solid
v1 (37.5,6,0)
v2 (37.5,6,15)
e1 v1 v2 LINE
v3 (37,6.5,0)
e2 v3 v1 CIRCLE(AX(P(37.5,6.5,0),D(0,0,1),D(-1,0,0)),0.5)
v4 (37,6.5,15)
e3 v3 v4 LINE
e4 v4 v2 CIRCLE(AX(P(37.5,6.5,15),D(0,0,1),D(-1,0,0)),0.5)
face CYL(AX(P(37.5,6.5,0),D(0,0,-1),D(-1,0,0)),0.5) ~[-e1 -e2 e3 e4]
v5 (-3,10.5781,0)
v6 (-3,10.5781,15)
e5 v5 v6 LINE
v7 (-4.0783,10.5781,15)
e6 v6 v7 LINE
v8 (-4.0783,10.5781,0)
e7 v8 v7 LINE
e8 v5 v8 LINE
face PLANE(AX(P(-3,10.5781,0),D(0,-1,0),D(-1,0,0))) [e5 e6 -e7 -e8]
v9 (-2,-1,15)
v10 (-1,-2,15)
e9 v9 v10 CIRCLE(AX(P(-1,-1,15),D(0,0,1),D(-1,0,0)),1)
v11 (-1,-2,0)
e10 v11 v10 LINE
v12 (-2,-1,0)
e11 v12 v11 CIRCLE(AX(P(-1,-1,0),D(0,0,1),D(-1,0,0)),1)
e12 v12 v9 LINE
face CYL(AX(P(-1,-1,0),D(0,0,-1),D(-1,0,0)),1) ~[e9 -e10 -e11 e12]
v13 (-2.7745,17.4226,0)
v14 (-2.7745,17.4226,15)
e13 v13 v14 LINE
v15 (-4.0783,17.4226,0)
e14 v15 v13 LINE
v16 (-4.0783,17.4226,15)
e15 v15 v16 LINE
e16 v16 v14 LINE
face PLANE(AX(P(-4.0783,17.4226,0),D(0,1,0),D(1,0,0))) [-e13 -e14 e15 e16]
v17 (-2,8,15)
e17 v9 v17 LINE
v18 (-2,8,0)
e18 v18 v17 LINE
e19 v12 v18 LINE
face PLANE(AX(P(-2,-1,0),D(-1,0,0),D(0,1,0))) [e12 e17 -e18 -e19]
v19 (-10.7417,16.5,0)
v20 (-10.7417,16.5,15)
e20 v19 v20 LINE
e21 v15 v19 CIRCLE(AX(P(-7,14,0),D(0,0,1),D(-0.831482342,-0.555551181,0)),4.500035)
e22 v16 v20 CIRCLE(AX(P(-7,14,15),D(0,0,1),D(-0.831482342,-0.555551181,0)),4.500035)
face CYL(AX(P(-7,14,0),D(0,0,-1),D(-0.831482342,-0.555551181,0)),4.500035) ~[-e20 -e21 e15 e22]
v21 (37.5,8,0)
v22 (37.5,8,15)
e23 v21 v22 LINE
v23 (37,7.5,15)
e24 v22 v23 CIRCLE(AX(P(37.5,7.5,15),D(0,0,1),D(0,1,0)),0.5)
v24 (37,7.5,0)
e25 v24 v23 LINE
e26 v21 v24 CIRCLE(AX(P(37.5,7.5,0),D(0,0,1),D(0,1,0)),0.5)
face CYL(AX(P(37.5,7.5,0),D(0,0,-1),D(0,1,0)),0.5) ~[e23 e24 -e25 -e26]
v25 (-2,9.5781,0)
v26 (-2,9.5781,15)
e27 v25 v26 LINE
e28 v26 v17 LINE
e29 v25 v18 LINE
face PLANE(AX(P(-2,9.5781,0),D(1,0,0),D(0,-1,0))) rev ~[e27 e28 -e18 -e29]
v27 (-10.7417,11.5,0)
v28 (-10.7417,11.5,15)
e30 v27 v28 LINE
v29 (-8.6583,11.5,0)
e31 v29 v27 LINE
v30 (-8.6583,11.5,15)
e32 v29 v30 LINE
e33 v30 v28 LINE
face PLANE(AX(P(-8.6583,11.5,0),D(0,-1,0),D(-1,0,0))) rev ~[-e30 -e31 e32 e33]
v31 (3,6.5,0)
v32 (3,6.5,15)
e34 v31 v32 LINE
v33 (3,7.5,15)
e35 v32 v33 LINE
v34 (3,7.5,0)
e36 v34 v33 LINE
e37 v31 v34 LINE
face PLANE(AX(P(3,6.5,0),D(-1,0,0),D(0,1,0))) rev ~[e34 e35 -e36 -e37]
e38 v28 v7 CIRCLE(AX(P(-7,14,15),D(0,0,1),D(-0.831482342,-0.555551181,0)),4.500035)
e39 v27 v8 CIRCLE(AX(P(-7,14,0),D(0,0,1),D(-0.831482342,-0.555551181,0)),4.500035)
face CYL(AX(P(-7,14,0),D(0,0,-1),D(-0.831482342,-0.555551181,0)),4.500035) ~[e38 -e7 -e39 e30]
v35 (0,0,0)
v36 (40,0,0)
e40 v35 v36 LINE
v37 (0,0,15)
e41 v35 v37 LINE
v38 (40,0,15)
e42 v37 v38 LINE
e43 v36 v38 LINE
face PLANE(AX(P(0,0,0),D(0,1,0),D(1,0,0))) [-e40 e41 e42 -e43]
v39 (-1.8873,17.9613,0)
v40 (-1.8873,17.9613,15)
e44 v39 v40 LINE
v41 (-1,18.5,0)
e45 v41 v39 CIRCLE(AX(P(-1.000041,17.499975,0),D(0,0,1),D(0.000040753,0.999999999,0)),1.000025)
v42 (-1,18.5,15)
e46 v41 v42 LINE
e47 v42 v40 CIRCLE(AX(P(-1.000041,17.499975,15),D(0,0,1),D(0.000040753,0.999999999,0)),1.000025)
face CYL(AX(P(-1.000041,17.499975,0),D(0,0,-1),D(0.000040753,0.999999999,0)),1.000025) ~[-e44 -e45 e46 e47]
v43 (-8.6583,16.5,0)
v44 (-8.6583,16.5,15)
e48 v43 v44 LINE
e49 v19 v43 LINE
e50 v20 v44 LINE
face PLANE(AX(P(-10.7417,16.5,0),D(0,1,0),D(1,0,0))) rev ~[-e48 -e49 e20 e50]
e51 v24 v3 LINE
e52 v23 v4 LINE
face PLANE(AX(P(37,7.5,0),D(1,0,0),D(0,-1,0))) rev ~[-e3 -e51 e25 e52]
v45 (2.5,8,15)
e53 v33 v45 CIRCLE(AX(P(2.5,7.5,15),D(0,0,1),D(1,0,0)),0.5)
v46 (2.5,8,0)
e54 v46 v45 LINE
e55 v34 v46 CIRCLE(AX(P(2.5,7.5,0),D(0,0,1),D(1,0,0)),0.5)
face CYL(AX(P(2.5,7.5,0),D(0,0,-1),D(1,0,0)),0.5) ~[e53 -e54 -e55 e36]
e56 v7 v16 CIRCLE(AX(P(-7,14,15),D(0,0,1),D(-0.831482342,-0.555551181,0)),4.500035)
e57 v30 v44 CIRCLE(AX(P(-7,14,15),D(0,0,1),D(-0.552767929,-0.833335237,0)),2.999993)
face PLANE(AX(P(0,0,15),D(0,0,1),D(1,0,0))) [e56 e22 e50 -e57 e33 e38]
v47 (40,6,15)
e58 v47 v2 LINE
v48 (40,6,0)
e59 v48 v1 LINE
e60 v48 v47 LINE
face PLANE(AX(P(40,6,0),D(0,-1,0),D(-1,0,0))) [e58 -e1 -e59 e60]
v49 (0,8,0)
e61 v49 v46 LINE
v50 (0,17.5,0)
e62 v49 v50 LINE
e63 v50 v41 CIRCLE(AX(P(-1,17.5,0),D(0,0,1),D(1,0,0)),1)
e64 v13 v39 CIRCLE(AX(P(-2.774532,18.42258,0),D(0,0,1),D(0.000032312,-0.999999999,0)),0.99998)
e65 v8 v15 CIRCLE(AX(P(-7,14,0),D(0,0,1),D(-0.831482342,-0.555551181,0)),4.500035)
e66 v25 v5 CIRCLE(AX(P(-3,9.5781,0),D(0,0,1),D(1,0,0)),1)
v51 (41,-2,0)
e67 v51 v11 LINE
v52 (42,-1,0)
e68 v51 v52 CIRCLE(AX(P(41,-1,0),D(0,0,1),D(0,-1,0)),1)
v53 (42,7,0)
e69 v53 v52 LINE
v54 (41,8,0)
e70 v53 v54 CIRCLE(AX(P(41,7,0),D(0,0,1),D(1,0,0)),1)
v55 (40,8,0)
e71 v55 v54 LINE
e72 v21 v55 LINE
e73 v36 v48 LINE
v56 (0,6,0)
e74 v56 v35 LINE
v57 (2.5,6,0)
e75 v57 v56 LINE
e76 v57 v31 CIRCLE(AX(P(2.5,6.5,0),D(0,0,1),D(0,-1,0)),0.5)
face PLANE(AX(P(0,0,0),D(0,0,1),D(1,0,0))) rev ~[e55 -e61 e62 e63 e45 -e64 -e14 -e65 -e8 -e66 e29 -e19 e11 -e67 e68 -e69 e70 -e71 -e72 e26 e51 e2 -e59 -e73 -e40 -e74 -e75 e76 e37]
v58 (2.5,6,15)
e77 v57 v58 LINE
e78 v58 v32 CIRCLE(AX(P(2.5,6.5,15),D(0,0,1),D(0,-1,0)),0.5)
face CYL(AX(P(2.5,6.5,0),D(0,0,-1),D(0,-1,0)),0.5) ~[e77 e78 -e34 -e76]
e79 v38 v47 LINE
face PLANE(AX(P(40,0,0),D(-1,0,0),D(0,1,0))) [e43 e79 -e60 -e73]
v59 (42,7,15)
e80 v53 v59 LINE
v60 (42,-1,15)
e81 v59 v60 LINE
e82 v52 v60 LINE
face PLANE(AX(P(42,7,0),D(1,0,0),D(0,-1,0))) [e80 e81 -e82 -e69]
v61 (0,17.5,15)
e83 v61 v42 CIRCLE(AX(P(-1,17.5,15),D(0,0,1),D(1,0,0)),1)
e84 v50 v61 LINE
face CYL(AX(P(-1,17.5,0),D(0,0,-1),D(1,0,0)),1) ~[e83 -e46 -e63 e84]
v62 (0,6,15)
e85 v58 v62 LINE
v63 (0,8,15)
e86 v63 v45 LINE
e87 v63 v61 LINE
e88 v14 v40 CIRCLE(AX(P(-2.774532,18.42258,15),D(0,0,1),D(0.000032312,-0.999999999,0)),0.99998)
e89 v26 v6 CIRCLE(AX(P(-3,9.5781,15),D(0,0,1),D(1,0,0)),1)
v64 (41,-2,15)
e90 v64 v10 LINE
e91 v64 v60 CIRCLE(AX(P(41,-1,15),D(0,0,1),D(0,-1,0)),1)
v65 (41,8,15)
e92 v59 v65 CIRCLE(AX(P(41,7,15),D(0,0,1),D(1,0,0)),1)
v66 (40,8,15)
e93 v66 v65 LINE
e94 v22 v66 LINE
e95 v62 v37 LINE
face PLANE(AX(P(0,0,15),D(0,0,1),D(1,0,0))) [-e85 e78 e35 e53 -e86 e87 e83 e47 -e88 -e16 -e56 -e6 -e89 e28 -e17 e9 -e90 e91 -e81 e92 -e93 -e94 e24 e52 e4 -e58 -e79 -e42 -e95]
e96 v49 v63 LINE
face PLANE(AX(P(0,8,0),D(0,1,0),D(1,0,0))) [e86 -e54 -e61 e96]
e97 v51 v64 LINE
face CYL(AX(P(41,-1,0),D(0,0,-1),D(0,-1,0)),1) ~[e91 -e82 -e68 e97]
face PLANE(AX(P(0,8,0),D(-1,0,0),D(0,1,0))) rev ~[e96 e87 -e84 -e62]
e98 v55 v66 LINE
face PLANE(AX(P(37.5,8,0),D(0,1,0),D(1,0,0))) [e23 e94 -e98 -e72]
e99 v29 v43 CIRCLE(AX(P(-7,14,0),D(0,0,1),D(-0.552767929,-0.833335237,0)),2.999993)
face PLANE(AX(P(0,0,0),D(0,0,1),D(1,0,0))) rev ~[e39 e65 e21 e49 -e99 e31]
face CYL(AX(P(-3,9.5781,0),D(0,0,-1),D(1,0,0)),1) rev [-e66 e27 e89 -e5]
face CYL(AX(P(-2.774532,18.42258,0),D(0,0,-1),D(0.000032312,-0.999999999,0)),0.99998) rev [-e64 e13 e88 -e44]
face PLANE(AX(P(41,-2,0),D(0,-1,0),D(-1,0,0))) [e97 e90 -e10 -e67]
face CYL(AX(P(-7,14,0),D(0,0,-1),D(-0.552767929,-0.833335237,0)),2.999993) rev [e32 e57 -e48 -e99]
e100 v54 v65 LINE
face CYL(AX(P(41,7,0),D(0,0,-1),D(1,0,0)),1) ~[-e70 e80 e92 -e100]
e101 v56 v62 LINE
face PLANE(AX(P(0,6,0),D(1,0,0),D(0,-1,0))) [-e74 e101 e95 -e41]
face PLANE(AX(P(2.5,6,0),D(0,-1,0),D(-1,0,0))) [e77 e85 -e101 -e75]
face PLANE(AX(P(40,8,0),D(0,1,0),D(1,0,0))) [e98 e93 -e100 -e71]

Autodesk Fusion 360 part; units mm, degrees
sketch "Sketch1" plane through (0, 0, 0) normal (0, 0, 1) x (1, 0, 0)
  line L0 (0, 0) -> (40, 0)
  line L1 (40, 0) -> (40, 6)
  line L2 (0, 6) -> (0, 0)
  line L3 (37, 7.5) -> (37, 6.5)
  line L4 (3, 6.5) -> (3, 7.5)
  line L5 (42, 7) -> (42, -1)
  line L6 (41, -2) -> (-1, -2)
  line L7 (-2, -1) -> (-2, 8)
  line L8 (0, 8) -> (3, 8)
  line L9 (37, 8) -> (41, 8)
  line L10 (0, 8) -> (3, 8)
  line L11 (37, 8) -> (40, 8)
  line L12 (40, 8) -> (37.5, 8)
  line L13 (2.5, 8) -> (0, 8)
  line L14 (40, 6) -> (37.5, 6)
  line L15 (2.5, 6) -> (0, 6)
  arc A0 (3, 7.5) -> (2.5, 8) centre (2.5, 7.5) ccw
  arc A1 (2.5, 6) -> (3, 6.5) centre (2.5, 6.5) ccw
  arc A2 (37.5, 8) -> (37, 7.5) centre (37.5, 7.5) ccw
  arc A3 (37, 6.5) -> (37.5, 6) centre (37.5, 6.5) ccw
  arc A4 (-2, -1) -> (-1, -2) centre (-1, -1) ccw
  arc A5 (41, -2) -> (42, -1) centre (41, -1) ccw
  arc A6 (42, 7) -> (41, 8) centre (41, 7) ccw
  line L16 (0, 8) -> (0, 17.5)
  line L17 (-1, 18.5) -> (-1, 18.5)
  line L18 (-2, 9.5781) -> (-2, 8)
  line L19 (-3, 10.5781) -> (-4.0783, 10.5781)
  line L20 (-4.0783, 17.4226) -> (-2.7745, 17.4226)
  line L21 (-8.6583, 11.5) -> (-10.7417, 11.5)
  line L22 (-10.7417, 16.5) -> (-8.6583, 16.5)
  line L23 (-8, 11.5) -> (-14, 16.5) construction
  line L24 (-14, 11.5) -> (-8, 16.5) construction
  arc A7 (-8.6583, 11.5) -> (-8.6583, 16.5) centre (-7, 14) ccw
  arc A8 (-11.482, 14.4017) -> (-11.482, 13.5983) centre (-7, 14) ccw
  arc A9 (-10.7417, 11.5) -> (-10.7417, 16.5) centre (-7, 14) ccw
  arc A10 (-2, 9.5781) -> (-3, 10.5781) centre (-3, 9.5781) ccw
  line L25 (-2, 17.5) -> (-2, 17.4226)
  arc A11 (-1, 18.5) -> (-1.8873, 17.9613) centre (-1, 17.5) ccw
  arc A12 (0, 17.5) -> (-1, 18.5) centre (-1, 17.5) ccw
  arc A13 (-2.7745, 17.4226) -> (-1.8873, 17.9613) centre (-2.7745, 18.4226) ccw
  point P0 (42, 8)
  point P1 (-2, -2)
  point P2 (-2, 18.5)
  point P3 (-11, 14)
  dimension "d1" = 40
  dimension "d2" = 8
  dimension "d3" = 40
  dimension "d4" = 2
  dimension "d7" = 44
  dimension "d8" = 10
  dimension "d9" = 2
  dimension "d10" = 2
  dimension "d11" = 0.5
  dimension "d12" = 0.5
  dimension "d13" = 1
  dimension "d25" = 1
  dimension "d26" = 2
  dimension "d27" = 10.5
  dimension "d28" = 6
  dimension "d29" = 9
  dimension "d30" = 6
  dimension "d31" = 5
  dimension "d32" = 1
  dimension "d33" = 1
  dimension "d34" = 1
  dimension "d35" = 1
extrude "Extrude1" add sketch "Sketch1" along normal blind 15
